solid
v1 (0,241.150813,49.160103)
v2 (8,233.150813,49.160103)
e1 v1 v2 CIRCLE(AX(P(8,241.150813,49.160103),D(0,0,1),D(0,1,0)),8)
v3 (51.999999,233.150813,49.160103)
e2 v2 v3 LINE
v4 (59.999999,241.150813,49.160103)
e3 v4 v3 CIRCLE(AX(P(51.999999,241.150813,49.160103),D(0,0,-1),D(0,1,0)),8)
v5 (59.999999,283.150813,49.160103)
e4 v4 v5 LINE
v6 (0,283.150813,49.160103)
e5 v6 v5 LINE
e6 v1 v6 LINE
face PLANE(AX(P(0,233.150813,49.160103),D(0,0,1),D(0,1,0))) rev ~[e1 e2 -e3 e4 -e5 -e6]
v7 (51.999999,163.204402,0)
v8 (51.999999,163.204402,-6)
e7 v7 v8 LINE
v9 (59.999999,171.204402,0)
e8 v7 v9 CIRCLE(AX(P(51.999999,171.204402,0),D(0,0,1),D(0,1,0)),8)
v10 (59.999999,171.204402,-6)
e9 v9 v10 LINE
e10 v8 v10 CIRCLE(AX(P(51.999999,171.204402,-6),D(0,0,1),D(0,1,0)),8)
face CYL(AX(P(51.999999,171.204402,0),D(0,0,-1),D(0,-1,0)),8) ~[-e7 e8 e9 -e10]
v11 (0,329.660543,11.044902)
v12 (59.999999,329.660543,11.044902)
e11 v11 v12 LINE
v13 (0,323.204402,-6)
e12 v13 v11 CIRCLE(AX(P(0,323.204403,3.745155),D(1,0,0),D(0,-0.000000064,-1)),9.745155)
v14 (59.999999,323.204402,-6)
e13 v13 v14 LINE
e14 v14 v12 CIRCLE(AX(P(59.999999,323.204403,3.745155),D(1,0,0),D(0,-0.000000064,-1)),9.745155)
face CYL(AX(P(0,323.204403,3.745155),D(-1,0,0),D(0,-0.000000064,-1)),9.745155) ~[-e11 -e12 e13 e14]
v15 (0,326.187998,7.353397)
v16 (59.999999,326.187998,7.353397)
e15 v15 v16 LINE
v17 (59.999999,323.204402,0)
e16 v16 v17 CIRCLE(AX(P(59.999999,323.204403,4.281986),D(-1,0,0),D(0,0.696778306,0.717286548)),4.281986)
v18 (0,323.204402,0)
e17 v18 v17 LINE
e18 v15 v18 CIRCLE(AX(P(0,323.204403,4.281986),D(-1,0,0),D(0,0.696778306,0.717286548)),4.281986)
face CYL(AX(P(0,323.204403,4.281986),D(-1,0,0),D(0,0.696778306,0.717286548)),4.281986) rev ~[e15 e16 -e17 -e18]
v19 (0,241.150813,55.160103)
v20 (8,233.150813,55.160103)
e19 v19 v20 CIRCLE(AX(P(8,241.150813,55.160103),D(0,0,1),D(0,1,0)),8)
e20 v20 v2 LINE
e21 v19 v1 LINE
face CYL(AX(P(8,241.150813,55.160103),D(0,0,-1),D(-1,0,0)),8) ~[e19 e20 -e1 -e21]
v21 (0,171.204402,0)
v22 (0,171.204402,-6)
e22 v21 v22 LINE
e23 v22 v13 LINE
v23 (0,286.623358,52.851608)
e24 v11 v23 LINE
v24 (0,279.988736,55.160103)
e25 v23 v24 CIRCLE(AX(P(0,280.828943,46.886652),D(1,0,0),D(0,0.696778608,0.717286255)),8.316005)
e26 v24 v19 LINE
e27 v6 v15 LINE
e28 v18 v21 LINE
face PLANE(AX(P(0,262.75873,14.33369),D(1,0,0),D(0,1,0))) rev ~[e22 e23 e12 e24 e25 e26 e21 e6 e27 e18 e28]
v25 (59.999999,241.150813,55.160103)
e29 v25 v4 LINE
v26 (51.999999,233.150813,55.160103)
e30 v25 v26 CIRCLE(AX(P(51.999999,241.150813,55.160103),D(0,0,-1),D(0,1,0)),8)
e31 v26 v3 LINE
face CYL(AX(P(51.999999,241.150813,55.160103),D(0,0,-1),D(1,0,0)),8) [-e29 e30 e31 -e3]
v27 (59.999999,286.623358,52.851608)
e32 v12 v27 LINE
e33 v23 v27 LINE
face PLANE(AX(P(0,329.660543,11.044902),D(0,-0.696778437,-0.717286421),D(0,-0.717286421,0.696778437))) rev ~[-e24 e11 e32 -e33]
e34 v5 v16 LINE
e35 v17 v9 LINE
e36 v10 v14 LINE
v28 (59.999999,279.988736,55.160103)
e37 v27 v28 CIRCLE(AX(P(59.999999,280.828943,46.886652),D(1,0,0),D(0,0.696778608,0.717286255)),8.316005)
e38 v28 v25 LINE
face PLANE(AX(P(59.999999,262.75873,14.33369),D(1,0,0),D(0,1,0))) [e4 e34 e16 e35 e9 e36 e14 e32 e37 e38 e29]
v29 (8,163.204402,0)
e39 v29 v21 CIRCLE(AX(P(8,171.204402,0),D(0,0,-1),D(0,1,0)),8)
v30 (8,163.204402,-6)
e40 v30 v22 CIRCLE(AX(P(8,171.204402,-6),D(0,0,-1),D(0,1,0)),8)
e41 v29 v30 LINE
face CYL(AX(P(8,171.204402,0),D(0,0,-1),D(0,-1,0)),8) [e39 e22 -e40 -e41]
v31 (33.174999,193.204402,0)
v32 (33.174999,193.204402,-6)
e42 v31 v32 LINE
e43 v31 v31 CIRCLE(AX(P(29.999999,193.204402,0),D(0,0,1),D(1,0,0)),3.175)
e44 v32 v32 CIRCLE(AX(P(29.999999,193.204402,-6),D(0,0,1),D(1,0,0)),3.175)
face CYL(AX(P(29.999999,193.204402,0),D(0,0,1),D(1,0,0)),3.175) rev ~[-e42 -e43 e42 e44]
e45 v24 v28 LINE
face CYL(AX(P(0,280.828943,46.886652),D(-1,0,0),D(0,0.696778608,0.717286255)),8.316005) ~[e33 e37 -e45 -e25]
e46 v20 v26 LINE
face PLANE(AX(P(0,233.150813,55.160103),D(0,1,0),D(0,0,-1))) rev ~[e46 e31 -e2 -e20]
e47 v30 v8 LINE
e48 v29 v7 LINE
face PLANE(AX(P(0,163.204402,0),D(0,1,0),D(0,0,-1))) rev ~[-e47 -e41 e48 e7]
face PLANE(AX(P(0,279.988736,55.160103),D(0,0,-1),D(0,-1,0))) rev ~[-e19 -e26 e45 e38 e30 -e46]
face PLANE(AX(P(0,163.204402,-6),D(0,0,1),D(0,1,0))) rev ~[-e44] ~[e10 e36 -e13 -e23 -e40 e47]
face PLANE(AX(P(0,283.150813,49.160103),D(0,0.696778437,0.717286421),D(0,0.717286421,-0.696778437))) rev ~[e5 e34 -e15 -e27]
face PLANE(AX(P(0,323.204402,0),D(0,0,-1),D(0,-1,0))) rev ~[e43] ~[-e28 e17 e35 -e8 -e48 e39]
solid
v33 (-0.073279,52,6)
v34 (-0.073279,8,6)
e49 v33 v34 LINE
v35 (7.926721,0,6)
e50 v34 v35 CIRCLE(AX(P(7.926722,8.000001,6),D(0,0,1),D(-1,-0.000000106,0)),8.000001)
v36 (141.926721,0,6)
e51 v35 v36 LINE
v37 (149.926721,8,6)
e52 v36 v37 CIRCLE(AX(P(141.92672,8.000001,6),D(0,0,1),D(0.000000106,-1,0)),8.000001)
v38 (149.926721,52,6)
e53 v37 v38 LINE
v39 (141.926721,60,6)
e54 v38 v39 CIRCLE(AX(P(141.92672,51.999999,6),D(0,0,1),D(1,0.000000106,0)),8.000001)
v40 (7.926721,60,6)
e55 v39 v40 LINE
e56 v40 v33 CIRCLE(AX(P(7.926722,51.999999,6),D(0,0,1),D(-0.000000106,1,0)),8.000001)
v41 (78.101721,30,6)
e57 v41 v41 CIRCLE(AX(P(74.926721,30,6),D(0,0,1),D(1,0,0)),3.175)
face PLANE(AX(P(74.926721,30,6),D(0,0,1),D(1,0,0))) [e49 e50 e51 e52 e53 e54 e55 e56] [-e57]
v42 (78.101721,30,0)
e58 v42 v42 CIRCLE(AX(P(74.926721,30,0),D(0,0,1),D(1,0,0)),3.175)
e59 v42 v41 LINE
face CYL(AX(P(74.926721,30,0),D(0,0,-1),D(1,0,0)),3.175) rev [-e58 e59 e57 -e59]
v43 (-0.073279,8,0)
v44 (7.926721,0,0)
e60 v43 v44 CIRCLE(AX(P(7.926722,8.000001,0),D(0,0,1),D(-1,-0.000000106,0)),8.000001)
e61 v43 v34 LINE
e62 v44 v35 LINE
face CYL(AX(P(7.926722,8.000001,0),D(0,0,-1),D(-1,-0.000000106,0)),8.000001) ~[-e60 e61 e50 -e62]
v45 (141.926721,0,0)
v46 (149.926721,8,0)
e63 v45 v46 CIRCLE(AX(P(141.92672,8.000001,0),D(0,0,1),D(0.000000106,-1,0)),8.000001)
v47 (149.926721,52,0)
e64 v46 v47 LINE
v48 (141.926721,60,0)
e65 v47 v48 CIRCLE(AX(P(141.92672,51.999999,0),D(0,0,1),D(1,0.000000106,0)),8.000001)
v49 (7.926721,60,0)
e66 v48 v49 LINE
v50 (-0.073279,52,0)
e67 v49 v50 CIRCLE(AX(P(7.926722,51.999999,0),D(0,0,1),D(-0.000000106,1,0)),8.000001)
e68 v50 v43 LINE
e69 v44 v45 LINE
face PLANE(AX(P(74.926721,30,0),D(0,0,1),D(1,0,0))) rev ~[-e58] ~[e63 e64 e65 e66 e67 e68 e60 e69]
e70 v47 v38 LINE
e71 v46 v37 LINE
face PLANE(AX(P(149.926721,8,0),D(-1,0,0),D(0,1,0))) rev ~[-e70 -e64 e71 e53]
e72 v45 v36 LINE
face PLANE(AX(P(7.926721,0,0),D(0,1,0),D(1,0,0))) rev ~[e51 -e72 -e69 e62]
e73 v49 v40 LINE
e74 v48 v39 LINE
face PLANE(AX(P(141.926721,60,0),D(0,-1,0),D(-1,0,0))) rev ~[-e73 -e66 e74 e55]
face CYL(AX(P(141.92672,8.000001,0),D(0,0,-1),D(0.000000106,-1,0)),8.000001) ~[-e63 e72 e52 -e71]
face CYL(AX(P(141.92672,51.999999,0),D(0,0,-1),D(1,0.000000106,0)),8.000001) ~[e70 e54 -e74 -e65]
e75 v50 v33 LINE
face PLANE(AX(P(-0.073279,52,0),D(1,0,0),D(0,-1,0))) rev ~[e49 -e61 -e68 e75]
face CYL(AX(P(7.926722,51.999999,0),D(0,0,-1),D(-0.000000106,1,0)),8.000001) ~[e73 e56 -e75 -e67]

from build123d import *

# Parameters (mm, degrees)
F1_R     = 3.175
F3_DEPTH = 6
F5_DEPTH = 59.999999
F6_R     = 3.175
F8_DEPTH = 25
F10_R    = 8
F11_R    = 8


with BuildPart() as f3:
    # F1 (on face) → F3 (new body)
    with BuildSketch(Plane.XY):
        with BuildLine():
            ThreePointArc((149.926721, 52), (147.583575, 57.656854), (141.926721, 60))
            Line((141.926721, 60), (7.926721, 60))
            ThreePointArc((7.926721, 60), (2.269867, 57.656854), (-0.073279, 52))
            Line((-0.073279, 52), (-0.073279, 8))
            ThreePointArc((-0.073279, 8), (2.269867, 2.343146), (7.926721, 0))
            Line((7.926721, 0), (141.926721, 0))
            ThreePointArc((141.926721, 0), (147.583575, 2.343146), (149.926721, 8))
            Line((149.926721, 8), (149.926721, 52))
        make_face()
        with Locations((74.926721, 30)):
            Circle(F1_R, mode=Mode.SUBTRACT)
    extrude(amount=F3_DEPTH)


with BuildPart() as f5:
    # F4 (on Right) → F5 (new body)
    with BuildSketch(Plane.YZ):
        with BuildLine():
            Line((163.204402, 0), (163.204402, -6))
            Line((163.204402, -6), (323.204402, -6))
            ThreePointArc((323.204402, -6), (332.317723, 0.29328), (329.660543, 11.044902))
            Line((329.660543, 11.044902), (286.623358, 52.851608))
            ThreePointArc((286.623358, 52.851608), (283.561768, 54.740798), (279.988736, 55.160103))
            Line((279.988736, 55.160103), (277.550519, 55.160103))
            Line((277.550519, 55.160103), (233.150813, 55.160103))
            Line((233.150813, 55.160103), (233.150813, 49.160103))
            Line((233.150813, 49.160103), (283.150813, 49.160103))
            Line((283.150813, 49.160103), (326.187998, 7.353397))
            ThreePointArc((326.187998, 7.353397), (327.17222, 2.672069), (323.204402, 0))
            Line((323.204402, 0), (163.204402, 0))
        make_face()
    extrude(amount=F5_DEPTH)

    # F6 (on face) → F8 (cut)
    with BuildSketch(Plane.XY):
        with Locations((29.999999, 193.204402)):
            Circle(F6_R)
    extrude(amount=-F8_DEPTH, mode=Mode.SUBTRACT)

    # F10
    f10_edges = [f5.edges().sort_by_distance(p)[0] for p in [
        (59.999999, 163.204402, -3),
        (0, 163.204402, -3),
    ]]
    fillet(f10_edges, radius=F10_R)

    # F11
    f11_edges = [f5.edges().sort_by_distance(p)[0] for p in [
        (59.999999, 233.150813, 52.160103),
        (0, 233.150813, 52.160103),
    ]]
    fillet(f11_edges, radius=F11_R)


solid = Compound([f3.part, f5.part])
